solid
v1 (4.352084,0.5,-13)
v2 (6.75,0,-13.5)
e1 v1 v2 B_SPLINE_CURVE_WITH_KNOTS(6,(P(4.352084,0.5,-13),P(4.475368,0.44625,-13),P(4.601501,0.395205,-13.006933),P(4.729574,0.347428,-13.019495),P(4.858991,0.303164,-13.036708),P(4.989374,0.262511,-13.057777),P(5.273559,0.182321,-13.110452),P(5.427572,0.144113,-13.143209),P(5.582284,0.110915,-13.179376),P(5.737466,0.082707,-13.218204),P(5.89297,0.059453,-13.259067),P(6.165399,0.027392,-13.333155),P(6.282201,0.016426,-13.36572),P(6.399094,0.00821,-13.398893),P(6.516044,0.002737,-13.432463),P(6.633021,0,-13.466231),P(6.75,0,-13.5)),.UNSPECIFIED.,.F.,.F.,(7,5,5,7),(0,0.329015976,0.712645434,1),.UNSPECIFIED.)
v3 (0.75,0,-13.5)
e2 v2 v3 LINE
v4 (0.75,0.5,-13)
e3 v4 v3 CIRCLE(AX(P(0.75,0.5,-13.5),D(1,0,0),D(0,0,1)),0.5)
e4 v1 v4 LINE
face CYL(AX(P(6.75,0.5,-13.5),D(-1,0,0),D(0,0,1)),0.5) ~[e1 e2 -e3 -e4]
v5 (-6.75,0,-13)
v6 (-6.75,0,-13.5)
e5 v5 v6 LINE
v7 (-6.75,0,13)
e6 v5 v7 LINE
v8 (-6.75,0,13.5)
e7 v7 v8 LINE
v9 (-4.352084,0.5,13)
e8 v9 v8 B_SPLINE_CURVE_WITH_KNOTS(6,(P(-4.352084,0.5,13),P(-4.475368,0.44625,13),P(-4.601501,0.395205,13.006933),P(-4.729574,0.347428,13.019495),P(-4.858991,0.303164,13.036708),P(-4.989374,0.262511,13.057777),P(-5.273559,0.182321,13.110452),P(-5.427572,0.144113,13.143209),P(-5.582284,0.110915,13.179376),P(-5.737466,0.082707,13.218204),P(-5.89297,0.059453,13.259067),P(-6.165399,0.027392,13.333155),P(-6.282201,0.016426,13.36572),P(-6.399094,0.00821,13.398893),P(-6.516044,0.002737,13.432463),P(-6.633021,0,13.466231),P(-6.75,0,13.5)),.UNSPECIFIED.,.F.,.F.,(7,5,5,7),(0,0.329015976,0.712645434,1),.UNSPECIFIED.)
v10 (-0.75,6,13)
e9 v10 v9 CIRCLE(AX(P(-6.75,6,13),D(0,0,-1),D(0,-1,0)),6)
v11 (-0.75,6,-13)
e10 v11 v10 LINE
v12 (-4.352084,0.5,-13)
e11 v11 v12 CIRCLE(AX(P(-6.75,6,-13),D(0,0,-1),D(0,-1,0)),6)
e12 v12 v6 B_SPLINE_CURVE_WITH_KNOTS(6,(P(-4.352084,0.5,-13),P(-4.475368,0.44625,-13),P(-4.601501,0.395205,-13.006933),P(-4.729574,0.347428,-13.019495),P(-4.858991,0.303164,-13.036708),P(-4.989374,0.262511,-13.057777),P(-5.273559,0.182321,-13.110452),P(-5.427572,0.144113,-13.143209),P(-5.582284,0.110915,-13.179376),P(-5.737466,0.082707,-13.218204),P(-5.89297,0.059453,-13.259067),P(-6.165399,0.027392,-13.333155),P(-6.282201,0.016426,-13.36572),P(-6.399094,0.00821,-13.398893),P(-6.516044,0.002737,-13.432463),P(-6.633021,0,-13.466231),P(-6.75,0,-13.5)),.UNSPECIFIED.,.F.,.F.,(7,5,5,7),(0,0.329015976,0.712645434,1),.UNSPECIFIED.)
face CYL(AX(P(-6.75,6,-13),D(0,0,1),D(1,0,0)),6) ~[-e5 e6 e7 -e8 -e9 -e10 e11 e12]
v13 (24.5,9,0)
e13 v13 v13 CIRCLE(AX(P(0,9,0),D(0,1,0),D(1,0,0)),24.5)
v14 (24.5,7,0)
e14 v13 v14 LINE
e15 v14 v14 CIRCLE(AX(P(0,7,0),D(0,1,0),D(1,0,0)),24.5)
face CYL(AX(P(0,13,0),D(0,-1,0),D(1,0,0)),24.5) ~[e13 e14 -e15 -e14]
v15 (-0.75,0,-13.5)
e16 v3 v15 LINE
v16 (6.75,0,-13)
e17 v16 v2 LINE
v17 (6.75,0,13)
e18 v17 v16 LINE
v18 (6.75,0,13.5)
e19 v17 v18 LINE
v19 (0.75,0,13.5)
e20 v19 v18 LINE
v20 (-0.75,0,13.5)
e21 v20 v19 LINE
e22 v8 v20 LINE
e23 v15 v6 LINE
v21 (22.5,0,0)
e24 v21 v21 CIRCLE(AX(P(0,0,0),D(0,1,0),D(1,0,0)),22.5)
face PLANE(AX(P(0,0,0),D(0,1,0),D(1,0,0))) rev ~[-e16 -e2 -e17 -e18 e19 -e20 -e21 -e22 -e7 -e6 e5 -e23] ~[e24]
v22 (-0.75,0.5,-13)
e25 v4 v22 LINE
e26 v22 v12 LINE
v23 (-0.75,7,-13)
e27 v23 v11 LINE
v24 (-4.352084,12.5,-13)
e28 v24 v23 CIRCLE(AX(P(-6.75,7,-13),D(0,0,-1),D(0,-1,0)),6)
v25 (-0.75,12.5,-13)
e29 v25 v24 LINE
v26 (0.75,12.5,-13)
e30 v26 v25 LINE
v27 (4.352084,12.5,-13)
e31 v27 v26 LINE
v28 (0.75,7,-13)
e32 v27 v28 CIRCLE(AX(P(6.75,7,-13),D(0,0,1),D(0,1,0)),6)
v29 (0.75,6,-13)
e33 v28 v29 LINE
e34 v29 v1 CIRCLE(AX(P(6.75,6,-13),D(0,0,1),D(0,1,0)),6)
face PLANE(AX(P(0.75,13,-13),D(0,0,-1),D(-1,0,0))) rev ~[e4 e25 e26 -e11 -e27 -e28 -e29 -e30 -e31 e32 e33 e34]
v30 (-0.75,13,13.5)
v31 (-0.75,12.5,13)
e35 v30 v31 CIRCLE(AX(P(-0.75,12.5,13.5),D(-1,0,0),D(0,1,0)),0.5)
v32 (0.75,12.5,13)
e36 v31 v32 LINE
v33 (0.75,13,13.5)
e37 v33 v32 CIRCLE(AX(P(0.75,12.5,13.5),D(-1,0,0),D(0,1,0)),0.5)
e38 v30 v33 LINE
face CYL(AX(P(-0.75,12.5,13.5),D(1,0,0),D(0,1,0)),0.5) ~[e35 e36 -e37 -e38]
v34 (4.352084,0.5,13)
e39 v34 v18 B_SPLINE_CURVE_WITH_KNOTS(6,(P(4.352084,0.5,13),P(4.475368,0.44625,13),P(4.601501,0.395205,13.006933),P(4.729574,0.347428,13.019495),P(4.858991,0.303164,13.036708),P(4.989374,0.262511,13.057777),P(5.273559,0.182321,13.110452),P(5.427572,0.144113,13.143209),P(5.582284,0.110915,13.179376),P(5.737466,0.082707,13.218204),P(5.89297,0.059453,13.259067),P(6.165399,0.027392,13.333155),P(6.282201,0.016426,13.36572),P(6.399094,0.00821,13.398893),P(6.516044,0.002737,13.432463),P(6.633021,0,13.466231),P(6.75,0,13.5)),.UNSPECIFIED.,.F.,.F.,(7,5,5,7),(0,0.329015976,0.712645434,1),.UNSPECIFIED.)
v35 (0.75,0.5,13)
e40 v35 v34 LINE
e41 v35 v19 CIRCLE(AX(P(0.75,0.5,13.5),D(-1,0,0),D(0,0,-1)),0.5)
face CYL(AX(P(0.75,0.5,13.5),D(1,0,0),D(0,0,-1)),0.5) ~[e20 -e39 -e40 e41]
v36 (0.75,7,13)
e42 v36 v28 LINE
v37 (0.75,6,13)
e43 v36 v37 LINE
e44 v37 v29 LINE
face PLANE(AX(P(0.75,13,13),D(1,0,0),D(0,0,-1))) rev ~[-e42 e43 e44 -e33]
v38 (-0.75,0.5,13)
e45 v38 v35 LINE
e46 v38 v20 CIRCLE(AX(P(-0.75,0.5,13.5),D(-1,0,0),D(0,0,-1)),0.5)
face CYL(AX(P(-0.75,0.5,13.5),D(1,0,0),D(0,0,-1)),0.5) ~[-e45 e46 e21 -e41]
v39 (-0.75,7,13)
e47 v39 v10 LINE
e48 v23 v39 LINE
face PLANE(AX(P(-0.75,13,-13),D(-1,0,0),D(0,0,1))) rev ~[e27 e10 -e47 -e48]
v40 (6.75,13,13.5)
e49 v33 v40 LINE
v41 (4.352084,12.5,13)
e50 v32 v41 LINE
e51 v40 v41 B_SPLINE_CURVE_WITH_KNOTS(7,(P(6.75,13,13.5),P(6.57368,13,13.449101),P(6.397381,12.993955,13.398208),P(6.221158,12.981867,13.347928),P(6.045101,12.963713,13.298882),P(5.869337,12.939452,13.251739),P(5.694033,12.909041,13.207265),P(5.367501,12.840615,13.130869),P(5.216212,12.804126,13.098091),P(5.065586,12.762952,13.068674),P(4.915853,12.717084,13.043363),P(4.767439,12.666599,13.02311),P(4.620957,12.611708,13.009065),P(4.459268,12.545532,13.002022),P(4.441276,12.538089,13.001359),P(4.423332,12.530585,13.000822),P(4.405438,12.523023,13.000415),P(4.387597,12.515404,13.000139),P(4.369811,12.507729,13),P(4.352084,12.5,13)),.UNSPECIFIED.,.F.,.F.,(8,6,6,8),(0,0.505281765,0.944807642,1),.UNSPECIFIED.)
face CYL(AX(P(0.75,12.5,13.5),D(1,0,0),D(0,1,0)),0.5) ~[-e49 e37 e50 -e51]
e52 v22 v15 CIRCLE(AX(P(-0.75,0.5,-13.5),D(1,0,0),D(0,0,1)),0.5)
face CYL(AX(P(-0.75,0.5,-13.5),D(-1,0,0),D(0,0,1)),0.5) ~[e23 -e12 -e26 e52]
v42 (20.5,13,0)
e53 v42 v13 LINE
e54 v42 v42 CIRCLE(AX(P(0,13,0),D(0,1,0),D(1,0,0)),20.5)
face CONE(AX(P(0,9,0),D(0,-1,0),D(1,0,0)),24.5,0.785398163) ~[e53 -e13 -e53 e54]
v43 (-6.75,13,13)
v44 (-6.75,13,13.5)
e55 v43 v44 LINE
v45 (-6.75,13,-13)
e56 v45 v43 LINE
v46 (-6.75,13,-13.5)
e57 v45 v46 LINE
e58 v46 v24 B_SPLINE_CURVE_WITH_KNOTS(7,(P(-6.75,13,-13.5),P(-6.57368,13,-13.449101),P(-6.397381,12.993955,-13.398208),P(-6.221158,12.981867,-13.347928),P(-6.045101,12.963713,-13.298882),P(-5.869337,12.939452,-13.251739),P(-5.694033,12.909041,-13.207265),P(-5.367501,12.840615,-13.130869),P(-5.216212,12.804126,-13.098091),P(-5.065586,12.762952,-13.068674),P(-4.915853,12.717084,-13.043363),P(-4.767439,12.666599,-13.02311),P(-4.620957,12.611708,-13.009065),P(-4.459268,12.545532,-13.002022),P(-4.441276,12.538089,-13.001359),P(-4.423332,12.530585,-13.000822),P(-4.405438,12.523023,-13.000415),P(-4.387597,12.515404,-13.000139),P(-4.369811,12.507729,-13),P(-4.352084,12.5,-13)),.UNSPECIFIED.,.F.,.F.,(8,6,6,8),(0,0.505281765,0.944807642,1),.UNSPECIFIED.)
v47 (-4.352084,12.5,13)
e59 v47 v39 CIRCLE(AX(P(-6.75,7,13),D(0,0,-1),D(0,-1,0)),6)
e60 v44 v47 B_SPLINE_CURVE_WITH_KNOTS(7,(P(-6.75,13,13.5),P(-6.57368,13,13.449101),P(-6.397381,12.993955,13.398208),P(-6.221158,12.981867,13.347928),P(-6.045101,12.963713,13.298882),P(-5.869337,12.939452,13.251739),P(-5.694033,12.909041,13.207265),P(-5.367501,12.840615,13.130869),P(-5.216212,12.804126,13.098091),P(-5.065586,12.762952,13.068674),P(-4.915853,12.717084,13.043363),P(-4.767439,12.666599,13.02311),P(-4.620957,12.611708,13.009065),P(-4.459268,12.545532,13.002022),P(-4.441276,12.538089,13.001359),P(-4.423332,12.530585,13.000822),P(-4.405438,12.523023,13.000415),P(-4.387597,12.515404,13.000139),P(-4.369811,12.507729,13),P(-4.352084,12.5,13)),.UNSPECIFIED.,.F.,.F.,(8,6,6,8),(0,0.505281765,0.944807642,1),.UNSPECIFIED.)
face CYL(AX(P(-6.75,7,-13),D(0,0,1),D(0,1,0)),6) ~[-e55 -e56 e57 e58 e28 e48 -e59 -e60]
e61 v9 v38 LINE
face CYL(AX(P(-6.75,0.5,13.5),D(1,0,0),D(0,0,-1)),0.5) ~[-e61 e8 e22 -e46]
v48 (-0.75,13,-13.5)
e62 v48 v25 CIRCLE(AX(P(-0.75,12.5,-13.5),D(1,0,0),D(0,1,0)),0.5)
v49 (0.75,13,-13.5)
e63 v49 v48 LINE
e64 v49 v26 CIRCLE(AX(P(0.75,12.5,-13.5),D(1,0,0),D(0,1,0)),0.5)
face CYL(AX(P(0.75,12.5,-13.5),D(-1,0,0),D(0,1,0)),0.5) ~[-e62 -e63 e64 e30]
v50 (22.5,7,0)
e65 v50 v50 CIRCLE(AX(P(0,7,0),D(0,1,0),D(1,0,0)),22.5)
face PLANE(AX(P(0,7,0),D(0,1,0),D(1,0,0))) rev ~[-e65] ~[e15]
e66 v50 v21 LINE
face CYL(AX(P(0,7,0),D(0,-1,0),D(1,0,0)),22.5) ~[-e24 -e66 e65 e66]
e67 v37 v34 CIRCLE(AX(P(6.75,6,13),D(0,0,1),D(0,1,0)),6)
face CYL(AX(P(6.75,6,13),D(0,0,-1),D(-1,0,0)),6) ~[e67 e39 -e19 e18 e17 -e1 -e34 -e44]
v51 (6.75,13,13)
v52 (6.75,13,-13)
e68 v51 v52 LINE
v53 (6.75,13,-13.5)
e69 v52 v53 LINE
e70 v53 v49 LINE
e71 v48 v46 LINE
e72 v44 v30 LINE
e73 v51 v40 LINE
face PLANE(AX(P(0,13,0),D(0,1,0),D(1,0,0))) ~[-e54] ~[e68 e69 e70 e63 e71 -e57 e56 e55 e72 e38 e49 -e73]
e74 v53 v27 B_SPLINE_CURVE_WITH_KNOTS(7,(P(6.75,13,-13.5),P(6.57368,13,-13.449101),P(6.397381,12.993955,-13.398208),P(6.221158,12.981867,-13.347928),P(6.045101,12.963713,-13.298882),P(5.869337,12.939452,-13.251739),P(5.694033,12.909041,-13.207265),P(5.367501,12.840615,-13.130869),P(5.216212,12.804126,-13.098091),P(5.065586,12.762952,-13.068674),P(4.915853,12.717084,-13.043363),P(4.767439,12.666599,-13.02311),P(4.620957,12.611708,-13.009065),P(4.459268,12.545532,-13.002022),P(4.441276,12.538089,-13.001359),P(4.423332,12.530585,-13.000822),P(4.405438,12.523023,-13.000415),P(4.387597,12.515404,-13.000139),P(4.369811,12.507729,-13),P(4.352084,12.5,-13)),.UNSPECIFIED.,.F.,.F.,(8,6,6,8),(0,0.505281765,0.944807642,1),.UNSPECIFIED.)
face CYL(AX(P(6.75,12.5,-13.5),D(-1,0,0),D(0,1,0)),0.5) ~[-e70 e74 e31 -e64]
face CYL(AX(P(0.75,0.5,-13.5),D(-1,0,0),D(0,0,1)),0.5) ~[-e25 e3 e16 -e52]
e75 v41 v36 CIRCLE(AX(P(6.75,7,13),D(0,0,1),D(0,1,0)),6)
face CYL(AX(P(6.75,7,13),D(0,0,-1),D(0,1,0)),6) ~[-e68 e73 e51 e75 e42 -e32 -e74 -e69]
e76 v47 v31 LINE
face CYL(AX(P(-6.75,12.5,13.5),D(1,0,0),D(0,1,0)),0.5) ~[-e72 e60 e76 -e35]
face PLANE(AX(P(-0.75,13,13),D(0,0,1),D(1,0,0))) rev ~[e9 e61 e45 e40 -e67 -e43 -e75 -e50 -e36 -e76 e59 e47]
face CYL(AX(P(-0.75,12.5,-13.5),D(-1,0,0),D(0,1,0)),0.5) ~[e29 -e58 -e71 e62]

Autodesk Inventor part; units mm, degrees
ref_plane "YZ Plane" through (0, 0, 0) normal (1, 0, 0) x (0, 1, 0)
ref_plane "XZ Plane" through (0, 0, 0) normal (0, 1, 0) x (-1, 0, 0)
ref_plane "XY Plane" through (0, 0, 0) normal (0, 0, 1) x (1, 0, 0)
sketch "Sketch1" plane through (0, 0, 0) normal (0, 0, 1) x (1, 0, 0)
  line L0 (0, 0) -> (0, 13)
  line L1 (0, 13) -> (22.5, 13)
  line L2 (22.5, 13) -> (24.5, 13)
  line L3 (24.5, 13) -> (24.5, 7)
  line L4 (24.5, 7) -> (22.5, 7)
  line L5 (22.5, 7) -> (22.5, 0)
  line L6 (22.5, 0) -> (0, 0)
  dimension "d0" = 13
  dimension "d3" = 22.5
  dimension "d4" = 2
  dimension "d5" = 6
  dimension "d6" = 2
  dimension "d7" = 7
revolve "Revolution1" add sketch "Sketch1" angle 360 about axis through (0, 0, 0) along (0, 1, 0)
sketch "Sketch2" plane through (0, 13, 0) normal (0, 1, 0) x (1, 0, 0)
  line L0 (0.75, 13) -> (-0.75, 13)
  line L1 (-0.75, 13) -> (-0.75, -13)
  line L2 (-0.75, -13) -> (0.75, -13)
  line L3 (0.75, -13) -> (0.75, 13)
  point P0 (0, 0)
  dimension "d9" = 1.5
  dimension "d10" = 26
  dimension "d11" = 13
  dimension "d12" = 0.75
extrude "Extrusion1" cut sketch "Sketch2" against normal through all
fillet "Fillet1" radius 6 4 edges at (-0.75, 13, 0) (0.75, 13, 0) (-0.75, 0, 0) (0.75, 0, 0)
chamfer "Chamfer1" distance 4 angle 45 1 edges at (-24.5, 13, 0)
fillet "Fillet2" radius 0.5 4 edges at (0, 13, -13) (0, 13, 13) (0, 0, -13) (0, 0, 13)
equation "\"d11\" = 0.5 * d10"
equation "\"d12\" = 0.5 * d9"
properties part number "head_innter_top" material "Aluminum 6061"
